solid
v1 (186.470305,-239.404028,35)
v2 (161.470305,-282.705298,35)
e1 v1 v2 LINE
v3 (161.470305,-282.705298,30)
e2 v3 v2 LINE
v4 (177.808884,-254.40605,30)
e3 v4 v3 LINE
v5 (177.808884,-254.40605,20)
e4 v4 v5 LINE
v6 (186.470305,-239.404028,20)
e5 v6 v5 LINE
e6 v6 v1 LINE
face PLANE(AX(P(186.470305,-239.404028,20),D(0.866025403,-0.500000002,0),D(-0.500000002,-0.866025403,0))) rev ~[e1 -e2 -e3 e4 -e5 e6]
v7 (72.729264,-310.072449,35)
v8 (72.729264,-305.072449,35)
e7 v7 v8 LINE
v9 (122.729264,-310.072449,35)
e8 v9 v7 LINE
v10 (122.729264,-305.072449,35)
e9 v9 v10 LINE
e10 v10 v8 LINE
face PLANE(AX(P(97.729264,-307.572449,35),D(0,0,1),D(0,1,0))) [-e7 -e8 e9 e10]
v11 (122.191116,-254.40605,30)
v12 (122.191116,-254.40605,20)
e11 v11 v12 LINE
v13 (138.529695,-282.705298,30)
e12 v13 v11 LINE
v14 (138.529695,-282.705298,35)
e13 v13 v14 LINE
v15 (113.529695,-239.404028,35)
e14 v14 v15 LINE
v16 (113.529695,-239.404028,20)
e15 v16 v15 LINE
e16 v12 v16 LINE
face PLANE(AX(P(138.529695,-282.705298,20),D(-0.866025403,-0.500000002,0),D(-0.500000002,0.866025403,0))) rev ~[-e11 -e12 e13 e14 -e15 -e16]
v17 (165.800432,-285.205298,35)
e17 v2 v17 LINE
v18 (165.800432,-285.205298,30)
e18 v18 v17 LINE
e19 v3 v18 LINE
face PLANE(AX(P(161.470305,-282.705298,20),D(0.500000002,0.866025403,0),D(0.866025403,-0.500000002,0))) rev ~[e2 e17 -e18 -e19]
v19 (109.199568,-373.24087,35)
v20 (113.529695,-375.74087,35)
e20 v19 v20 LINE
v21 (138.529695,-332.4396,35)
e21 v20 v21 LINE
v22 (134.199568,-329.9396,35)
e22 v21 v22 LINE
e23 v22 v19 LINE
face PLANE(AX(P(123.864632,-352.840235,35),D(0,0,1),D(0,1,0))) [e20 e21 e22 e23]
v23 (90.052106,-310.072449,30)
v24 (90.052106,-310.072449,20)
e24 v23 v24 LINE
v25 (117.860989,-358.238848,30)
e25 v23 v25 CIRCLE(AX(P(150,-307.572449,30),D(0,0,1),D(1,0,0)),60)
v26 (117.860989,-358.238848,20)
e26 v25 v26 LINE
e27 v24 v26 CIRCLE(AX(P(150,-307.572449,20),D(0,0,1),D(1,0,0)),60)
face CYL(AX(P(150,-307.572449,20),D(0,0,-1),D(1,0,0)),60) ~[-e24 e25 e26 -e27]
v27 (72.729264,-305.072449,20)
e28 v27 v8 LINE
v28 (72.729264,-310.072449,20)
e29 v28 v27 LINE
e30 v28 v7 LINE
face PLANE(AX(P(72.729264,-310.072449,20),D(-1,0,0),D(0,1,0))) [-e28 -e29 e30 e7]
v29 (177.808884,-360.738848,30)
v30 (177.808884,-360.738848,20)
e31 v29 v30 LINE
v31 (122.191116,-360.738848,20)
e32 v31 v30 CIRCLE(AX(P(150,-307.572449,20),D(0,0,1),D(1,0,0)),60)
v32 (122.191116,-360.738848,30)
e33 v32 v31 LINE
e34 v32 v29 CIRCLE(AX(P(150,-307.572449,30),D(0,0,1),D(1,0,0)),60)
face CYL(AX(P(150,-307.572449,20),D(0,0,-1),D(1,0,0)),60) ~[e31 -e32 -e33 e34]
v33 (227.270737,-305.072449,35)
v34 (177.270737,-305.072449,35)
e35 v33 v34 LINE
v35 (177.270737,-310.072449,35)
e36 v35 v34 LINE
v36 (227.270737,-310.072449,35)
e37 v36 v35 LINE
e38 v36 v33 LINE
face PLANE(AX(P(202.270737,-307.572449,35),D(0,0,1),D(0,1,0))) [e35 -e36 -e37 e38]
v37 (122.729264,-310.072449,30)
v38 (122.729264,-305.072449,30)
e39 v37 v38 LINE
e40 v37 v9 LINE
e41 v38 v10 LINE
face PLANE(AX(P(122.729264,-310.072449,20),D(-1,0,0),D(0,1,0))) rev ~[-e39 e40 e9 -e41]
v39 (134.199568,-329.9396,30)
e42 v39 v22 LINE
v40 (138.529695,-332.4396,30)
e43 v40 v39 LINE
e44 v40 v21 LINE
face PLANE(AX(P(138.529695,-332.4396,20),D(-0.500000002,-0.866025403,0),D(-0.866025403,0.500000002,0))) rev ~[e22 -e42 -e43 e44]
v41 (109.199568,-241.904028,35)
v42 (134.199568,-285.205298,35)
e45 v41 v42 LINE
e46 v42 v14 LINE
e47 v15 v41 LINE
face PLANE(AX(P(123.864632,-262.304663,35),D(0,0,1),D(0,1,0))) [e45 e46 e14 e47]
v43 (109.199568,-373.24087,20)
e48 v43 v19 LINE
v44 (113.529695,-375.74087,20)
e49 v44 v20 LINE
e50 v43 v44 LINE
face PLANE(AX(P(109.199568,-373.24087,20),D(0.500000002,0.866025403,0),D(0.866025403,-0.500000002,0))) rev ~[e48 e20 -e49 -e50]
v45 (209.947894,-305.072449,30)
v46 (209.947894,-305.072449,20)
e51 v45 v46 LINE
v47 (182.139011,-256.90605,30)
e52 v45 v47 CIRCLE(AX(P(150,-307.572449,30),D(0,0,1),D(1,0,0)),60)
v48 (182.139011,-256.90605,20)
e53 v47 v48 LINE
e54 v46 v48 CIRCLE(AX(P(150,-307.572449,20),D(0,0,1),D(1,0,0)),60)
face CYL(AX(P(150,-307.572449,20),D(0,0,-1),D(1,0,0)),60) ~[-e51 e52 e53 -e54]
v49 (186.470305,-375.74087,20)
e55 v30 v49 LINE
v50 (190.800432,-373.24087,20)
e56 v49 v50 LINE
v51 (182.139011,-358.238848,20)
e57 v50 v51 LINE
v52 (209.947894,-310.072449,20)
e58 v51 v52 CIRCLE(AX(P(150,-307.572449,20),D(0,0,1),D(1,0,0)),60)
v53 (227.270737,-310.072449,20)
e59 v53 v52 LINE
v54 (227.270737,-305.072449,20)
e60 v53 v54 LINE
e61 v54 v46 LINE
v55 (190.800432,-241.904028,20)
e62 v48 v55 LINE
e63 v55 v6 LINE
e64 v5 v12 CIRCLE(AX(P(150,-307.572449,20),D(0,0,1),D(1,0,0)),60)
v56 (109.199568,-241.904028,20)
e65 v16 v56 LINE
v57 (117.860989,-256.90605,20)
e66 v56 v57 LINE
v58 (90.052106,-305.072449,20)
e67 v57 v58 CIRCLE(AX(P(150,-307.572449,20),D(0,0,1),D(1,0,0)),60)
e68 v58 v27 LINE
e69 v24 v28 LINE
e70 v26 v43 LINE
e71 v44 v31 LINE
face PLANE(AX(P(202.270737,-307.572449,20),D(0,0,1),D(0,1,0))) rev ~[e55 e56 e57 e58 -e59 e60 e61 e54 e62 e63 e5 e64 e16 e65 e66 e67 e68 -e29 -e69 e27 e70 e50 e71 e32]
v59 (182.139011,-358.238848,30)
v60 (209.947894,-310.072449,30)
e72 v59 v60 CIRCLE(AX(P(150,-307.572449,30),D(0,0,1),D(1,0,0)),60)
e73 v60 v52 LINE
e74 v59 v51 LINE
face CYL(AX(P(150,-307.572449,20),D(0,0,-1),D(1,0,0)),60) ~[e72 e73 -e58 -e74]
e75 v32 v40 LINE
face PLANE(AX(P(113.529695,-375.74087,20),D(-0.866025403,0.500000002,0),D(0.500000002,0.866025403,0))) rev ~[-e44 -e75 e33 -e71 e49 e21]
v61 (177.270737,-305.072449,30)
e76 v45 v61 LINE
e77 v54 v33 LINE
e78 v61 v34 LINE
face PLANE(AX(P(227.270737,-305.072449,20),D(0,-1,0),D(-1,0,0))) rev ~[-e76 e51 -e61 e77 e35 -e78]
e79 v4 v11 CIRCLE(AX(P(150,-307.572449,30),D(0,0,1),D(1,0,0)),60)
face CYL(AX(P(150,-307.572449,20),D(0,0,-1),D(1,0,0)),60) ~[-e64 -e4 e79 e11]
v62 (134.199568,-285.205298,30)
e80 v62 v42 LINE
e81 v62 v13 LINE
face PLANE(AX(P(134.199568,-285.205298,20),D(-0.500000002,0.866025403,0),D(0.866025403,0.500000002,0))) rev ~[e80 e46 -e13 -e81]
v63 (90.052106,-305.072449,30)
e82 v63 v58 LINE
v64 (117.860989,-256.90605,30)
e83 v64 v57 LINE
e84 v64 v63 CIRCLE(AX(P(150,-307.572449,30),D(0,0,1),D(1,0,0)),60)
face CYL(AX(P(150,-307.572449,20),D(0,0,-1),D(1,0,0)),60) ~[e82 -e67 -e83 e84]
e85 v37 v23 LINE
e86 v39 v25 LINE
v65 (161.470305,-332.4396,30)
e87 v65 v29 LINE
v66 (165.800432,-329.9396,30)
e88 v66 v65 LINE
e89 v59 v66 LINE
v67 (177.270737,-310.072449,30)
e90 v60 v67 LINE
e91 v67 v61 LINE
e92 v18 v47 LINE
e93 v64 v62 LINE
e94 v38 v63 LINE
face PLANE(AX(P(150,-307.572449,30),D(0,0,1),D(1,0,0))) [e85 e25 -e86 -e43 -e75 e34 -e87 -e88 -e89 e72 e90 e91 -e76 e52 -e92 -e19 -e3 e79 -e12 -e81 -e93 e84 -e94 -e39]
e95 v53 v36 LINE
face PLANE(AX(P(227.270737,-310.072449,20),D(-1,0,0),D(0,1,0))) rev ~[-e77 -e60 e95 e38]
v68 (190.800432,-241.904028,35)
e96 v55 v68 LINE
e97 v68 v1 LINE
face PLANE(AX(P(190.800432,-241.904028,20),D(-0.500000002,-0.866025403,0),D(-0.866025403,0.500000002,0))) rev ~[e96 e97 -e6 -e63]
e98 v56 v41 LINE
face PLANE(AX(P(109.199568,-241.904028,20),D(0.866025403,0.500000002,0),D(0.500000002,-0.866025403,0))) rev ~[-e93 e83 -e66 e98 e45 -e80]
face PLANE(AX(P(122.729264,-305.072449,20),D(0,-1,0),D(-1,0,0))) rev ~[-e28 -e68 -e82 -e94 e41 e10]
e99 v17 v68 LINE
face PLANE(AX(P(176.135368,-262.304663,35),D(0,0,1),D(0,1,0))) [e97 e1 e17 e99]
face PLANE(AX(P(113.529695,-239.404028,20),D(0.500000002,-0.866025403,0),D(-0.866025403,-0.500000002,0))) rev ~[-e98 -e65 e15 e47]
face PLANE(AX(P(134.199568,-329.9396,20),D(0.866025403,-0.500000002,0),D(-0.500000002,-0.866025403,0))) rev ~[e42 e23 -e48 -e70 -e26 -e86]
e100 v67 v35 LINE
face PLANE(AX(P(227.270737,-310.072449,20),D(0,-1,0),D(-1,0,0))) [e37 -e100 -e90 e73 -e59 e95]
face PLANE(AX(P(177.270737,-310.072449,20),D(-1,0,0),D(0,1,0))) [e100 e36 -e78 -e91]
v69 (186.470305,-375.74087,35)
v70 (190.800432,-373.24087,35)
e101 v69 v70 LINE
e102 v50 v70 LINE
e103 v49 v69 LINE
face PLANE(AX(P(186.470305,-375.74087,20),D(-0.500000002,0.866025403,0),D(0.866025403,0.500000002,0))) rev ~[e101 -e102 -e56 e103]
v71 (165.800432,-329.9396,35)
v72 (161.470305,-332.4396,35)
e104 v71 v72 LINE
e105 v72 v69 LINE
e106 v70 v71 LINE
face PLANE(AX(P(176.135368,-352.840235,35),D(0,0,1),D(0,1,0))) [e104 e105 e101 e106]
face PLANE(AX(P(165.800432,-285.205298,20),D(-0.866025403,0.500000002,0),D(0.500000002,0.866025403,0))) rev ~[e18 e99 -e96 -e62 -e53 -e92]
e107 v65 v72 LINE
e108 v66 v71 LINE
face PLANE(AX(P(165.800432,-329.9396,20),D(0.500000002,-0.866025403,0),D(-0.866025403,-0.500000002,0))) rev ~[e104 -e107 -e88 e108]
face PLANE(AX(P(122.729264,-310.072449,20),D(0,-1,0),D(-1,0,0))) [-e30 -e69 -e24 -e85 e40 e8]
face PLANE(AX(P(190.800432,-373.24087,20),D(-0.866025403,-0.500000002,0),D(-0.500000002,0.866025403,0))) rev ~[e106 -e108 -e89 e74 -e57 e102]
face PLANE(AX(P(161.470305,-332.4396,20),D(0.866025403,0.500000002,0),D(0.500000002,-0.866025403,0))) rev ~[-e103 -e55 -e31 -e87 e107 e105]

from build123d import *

# Parameters (mm, degrees)
CIRCLE_R         = 60
EXTRUDE067_DEPTH = 10
ARRAY019_W       = 5
ARRAY019_H       = 50
EXTRUDE066_DEPTH = 15


with BuildPart() as extrude093:
    # Circle → Extrude067 (new body)
    with BuildSketch(Plane.XY):
        Circle(CIRCLE_R)
    extrude(amount=EXTRUDE067_DEPTH)


with BuildPart() as fusion045:
    # Array019 → Extrude066 (new body)
    with BuildSketch(Plane(origin=(52.270737, 0, 0), x_dir=(0, 1, 0), z_dir=(0, 0, 1))):
        Rectangle(ARRAY019_W, ARRAY019_H)
        Polygon((22.367151, 36.470305), (65.668421, 11.470305), (68.168421, 15.800432), (24.867151, 40.800432), align=None)
        Polygon((24.867151, 63.741042), (68.168421, 88.741042), (65.668421, 93.071169), (22.367151, 68.071169), align=None)
        with Locations((0, 104.541473)):
            Rectangle(ARRAY019_W, ARRAY019_H)
        Polygon((-22.367151, 68.071169), (-65.668421, 93.071169), (-68.168421, 88.741042), (-24.867151, 63.741042), align=None)
        Polygon((-24.867151, 40.800432), (-68.168421, 15.800432), (-65.668421, 11.470305), (-22.367151, 36.470305), align=None)
    extrude(amount=EXTRUDE066_DEPTH)

    # Fusion045: union Extrude093
    add(extrude093.part)


with BuildPart() as fusion045_1:
    # Fusion045 placement: moved
    add(fusion045.part.moved(Location((150, -307.572449, 20))))


solid = fusion045_1.part
